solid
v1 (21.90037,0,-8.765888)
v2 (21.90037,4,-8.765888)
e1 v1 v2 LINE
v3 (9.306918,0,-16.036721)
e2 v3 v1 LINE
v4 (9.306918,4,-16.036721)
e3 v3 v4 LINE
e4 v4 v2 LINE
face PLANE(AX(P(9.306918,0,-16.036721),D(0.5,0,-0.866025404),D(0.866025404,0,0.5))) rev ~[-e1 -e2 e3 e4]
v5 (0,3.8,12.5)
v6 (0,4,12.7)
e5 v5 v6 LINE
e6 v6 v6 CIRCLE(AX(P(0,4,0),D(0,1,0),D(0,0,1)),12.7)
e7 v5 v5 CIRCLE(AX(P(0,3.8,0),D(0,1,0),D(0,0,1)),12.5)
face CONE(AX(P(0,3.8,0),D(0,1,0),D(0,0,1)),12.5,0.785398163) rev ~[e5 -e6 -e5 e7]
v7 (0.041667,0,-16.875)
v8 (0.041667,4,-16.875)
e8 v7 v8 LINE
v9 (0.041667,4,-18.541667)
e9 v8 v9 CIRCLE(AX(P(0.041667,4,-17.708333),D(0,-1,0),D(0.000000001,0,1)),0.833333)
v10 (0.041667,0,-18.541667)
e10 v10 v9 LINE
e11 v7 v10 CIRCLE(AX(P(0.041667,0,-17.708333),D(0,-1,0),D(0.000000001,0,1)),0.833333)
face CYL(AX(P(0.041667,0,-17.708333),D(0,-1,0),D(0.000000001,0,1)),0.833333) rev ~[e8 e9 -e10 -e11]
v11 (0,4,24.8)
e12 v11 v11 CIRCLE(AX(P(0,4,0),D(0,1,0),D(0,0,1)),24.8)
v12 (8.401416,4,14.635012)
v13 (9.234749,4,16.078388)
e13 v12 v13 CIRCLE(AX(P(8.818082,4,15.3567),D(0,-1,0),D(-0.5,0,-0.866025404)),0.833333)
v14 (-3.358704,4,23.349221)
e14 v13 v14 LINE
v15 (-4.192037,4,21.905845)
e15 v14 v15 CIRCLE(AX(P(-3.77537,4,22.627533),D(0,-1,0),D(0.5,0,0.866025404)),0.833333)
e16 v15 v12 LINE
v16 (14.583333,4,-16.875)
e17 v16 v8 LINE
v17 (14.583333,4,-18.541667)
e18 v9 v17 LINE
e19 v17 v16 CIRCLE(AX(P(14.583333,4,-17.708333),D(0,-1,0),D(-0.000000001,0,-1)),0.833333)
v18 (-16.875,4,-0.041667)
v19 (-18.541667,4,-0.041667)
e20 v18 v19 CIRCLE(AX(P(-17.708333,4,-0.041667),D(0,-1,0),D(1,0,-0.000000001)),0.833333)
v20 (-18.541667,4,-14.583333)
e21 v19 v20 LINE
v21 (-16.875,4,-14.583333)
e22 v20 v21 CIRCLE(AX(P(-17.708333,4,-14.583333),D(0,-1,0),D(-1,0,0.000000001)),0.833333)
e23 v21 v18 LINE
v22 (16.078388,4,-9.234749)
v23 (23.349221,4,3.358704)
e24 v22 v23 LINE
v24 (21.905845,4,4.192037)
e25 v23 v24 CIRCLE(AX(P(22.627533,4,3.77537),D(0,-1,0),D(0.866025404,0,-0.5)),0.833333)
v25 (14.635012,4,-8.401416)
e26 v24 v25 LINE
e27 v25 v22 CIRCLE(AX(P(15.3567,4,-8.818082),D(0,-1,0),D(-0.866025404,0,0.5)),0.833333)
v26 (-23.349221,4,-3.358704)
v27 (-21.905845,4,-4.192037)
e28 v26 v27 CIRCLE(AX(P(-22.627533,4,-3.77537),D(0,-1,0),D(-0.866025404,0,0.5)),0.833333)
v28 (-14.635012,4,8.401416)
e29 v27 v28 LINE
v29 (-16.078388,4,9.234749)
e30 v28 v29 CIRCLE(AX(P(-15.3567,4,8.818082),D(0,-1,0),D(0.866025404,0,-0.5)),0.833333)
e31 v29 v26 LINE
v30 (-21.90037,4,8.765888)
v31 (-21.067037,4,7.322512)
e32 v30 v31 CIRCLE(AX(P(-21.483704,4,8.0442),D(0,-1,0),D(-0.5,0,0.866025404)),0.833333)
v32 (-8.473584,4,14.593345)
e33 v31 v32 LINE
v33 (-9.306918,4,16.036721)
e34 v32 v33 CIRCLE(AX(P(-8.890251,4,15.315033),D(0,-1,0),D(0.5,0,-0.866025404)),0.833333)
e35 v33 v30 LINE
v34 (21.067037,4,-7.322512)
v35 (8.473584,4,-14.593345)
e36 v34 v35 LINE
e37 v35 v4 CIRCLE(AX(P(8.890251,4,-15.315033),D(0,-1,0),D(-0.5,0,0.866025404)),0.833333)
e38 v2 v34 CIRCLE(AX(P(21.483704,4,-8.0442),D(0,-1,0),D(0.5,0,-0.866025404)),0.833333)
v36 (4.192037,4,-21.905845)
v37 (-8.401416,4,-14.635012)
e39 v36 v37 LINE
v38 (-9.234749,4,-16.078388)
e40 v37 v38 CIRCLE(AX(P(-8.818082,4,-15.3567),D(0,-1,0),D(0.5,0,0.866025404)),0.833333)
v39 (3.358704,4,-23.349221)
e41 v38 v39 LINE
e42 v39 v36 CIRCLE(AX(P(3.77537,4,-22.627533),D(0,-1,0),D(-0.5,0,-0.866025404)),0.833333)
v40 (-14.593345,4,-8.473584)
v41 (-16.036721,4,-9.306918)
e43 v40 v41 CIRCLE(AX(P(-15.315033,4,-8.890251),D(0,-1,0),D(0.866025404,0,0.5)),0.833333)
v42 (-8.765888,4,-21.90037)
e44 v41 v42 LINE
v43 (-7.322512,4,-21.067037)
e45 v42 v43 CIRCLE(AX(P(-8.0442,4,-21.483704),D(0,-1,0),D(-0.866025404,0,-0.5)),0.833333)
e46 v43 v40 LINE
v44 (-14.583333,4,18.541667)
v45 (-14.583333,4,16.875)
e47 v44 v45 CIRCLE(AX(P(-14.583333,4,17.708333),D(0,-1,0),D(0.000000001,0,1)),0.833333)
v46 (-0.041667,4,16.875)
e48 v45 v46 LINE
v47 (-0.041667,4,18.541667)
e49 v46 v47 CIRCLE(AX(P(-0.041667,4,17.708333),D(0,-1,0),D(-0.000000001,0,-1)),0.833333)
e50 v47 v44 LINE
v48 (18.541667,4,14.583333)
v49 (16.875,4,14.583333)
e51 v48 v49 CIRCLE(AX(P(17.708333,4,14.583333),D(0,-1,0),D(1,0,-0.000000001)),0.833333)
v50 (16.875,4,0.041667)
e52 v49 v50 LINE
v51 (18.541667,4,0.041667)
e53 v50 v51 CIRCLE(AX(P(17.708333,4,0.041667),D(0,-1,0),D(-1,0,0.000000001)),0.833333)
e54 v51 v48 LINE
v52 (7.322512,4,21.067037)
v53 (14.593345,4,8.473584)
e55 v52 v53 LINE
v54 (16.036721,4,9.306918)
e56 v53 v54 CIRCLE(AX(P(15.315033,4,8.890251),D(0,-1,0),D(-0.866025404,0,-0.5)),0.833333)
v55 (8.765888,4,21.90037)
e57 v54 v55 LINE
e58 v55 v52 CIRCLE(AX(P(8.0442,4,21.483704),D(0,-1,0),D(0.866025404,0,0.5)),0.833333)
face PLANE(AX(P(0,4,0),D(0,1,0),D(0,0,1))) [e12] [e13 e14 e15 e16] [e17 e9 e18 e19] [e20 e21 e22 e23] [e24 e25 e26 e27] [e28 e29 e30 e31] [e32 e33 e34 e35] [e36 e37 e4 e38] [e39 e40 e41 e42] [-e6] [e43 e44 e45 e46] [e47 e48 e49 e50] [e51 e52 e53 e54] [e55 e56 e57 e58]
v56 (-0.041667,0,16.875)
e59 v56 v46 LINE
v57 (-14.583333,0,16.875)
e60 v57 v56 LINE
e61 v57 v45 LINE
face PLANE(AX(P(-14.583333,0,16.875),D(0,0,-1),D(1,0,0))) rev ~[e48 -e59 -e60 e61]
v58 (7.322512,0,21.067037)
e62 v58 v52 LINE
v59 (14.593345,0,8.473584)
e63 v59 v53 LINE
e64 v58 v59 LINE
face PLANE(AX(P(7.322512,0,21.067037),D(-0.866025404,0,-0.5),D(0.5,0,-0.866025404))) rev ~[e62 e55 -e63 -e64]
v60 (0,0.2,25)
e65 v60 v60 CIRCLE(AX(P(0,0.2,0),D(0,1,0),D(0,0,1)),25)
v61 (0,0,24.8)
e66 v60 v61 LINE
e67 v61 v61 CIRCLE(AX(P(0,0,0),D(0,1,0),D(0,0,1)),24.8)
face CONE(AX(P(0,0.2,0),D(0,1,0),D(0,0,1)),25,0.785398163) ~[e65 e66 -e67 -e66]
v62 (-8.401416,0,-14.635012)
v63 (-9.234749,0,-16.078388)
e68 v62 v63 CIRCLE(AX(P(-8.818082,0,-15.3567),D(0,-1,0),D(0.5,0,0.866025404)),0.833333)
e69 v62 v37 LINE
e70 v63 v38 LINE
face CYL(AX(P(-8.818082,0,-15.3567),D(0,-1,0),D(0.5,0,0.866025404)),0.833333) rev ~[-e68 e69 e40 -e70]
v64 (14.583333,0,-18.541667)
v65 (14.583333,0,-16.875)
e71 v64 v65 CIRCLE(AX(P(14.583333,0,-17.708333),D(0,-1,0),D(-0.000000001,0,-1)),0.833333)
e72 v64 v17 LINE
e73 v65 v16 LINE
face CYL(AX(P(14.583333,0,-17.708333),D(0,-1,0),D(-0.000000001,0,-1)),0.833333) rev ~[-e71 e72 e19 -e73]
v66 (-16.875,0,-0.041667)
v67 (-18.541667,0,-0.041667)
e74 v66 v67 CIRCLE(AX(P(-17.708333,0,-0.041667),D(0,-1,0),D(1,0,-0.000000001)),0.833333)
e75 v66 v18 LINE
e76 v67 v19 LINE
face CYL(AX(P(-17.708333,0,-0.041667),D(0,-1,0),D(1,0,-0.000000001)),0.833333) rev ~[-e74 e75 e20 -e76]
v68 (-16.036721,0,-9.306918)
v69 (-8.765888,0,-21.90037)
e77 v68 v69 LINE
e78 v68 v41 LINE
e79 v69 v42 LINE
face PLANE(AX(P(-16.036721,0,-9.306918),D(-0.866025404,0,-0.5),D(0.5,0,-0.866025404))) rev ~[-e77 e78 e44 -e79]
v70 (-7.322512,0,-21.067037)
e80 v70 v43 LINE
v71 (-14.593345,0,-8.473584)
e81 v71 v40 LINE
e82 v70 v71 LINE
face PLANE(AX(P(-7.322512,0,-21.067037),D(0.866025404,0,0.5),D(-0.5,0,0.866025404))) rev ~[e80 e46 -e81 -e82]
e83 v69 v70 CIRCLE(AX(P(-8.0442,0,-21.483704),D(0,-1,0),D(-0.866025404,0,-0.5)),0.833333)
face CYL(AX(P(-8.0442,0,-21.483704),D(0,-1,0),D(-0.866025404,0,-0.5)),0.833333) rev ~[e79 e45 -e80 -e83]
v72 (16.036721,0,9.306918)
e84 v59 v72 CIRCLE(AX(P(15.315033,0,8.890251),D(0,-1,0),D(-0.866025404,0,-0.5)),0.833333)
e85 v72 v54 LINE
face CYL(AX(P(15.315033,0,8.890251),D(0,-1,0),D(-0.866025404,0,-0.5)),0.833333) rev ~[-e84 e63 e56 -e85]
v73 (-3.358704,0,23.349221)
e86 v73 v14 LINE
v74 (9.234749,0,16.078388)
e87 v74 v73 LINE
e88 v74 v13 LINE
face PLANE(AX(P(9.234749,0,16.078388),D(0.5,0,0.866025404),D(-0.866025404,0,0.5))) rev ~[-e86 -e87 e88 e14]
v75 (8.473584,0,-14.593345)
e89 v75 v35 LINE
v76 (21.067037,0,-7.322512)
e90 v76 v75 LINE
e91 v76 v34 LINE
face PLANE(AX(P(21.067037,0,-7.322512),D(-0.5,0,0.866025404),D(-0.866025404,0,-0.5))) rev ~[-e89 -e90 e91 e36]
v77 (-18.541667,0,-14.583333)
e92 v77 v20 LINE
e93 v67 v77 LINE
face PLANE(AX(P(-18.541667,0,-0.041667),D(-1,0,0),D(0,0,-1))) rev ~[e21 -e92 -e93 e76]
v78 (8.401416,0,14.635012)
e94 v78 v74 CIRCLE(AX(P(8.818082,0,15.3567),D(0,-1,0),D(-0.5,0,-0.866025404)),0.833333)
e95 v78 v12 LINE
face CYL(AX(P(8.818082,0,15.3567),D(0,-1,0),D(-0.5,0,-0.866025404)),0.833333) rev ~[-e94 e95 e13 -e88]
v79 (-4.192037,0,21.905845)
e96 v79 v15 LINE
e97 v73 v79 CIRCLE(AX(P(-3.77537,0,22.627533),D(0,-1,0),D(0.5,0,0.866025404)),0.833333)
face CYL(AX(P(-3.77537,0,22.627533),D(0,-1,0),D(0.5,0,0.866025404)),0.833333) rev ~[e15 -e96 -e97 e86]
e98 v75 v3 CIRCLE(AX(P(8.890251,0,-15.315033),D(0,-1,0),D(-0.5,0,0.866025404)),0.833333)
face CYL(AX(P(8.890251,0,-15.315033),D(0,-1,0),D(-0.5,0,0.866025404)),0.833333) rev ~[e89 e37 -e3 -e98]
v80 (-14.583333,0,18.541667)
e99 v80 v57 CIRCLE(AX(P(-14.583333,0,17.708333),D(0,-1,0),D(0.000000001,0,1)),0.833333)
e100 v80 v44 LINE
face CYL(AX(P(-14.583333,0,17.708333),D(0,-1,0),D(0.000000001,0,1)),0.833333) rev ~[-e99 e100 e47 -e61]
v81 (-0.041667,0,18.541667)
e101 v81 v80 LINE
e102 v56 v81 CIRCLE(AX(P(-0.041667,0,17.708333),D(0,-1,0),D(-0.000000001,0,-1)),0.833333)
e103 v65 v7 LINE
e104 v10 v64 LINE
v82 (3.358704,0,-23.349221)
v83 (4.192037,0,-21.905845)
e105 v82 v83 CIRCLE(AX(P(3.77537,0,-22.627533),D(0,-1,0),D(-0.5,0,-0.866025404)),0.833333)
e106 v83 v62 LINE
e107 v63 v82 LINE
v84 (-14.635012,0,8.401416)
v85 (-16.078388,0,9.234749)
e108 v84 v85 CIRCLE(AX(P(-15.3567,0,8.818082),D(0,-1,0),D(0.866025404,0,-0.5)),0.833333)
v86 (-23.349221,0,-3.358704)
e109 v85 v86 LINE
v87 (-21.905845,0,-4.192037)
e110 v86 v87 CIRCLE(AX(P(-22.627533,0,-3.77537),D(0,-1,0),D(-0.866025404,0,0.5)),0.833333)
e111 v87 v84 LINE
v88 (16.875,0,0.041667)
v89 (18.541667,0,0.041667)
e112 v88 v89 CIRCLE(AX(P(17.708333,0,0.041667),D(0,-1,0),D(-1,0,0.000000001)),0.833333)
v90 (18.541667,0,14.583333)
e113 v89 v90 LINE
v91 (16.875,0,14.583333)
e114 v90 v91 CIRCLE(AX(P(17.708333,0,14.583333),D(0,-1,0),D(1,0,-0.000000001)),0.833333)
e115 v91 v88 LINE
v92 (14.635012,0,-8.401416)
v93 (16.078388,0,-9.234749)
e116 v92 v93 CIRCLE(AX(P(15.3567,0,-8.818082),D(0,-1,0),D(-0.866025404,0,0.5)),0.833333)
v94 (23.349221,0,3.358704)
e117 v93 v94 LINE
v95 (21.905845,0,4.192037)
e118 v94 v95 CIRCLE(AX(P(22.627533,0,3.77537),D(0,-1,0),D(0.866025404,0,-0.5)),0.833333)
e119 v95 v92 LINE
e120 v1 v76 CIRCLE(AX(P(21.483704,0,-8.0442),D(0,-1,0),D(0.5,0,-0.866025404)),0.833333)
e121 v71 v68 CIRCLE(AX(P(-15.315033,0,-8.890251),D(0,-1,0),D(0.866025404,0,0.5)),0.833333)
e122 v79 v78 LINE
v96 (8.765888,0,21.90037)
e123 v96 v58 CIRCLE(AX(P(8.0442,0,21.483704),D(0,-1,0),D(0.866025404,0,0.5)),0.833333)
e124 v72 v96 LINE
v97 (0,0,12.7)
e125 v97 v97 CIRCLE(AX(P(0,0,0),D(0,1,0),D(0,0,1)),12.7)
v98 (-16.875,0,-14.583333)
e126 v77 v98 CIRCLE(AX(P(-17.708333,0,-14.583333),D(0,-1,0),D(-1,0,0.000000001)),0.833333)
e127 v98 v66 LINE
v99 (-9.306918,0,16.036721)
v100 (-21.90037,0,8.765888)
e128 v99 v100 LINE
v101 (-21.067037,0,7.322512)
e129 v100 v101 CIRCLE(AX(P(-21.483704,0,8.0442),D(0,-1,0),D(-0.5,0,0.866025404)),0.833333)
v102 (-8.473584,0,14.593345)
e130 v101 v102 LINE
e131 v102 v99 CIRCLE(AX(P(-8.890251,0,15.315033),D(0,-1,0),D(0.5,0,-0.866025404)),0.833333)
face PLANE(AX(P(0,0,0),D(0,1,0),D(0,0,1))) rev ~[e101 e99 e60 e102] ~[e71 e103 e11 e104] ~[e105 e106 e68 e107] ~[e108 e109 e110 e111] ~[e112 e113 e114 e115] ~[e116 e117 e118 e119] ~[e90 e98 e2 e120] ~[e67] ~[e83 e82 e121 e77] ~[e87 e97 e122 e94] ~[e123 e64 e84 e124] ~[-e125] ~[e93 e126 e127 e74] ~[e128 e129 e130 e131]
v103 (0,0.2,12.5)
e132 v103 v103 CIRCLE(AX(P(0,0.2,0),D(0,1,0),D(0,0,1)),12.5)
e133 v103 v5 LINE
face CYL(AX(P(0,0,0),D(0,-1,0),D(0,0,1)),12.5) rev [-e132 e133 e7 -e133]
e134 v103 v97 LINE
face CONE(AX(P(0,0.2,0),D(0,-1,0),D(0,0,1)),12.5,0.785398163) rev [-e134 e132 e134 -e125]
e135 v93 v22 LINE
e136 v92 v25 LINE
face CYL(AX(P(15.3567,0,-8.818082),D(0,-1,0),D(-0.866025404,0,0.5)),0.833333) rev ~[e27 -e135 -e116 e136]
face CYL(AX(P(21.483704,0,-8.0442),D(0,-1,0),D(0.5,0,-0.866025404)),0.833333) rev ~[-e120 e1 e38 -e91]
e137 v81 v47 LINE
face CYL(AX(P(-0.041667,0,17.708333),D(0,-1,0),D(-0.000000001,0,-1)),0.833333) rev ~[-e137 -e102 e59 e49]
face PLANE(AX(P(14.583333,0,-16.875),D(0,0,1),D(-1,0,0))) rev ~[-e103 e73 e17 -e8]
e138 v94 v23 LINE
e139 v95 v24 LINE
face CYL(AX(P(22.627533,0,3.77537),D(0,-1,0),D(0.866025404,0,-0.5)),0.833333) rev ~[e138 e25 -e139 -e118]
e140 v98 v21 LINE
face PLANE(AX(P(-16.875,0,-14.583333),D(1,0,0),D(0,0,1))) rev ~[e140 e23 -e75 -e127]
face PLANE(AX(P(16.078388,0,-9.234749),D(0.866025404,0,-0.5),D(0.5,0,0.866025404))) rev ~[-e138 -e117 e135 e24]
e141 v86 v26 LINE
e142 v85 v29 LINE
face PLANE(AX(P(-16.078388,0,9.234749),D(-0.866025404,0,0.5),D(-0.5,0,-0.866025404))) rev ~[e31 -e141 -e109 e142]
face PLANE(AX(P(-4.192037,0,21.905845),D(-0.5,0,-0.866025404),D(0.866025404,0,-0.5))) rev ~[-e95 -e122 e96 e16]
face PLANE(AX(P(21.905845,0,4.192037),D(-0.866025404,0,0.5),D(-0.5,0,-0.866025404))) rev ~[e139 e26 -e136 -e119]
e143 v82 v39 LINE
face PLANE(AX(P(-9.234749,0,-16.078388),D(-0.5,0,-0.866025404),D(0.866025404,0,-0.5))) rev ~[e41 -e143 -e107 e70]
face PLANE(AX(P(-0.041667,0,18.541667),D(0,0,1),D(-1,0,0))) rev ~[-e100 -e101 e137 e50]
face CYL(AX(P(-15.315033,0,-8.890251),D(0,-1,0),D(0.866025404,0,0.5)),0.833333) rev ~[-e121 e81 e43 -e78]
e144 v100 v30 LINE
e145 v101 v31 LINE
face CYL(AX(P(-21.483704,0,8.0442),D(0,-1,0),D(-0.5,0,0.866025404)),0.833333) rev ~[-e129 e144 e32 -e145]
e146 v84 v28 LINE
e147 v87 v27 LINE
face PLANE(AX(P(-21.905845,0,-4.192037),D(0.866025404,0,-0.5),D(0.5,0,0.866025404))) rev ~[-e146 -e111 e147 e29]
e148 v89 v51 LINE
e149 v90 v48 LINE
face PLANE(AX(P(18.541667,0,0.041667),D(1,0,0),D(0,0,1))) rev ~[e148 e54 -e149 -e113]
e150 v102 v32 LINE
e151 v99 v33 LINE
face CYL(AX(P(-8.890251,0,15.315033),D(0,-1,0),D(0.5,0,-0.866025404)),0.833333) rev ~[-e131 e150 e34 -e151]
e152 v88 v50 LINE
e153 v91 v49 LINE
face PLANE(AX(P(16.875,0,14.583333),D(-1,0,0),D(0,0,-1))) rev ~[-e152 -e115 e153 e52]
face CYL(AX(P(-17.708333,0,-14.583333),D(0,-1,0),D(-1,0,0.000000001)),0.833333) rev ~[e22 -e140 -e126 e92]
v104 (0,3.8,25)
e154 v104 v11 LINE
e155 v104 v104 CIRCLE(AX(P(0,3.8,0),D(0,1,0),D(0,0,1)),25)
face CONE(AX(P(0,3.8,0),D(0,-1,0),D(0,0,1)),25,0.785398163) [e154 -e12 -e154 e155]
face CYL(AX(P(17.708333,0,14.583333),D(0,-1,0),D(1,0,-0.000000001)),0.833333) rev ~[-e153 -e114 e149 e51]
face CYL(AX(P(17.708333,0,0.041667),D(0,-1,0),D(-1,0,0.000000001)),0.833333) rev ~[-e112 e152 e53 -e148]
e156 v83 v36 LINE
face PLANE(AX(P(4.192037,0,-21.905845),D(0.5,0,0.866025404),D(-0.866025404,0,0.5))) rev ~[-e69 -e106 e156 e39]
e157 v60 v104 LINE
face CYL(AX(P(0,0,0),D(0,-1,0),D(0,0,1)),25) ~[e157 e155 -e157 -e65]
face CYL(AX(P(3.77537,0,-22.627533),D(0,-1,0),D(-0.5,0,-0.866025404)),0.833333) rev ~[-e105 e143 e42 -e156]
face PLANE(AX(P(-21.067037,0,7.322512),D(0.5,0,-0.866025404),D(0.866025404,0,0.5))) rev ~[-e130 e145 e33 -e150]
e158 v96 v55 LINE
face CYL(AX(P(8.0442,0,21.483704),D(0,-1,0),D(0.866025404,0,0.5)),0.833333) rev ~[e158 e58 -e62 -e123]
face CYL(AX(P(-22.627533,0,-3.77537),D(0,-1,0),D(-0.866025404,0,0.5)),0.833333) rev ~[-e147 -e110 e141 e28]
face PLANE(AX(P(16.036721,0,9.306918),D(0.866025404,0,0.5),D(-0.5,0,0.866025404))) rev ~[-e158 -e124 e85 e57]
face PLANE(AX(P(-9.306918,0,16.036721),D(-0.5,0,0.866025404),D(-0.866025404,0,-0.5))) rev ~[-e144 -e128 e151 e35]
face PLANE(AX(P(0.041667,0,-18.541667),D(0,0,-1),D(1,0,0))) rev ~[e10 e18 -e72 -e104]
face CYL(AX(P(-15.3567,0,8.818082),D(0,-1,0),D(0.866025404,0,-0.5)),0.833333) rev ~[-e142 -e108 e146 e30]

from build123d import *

# Parameters (mm, degrees)
SKETCH1_R           = 25
SKETCH1_R_2         = 12.5
BOSS_EXTRUDE1_DEPTH = 4
CHAMFER1_SIZE       = 0.2


with BuildPart() as part:
    # Sketch1 → Boss-Extrude1 (new body)
    with BuildSketch(Plane(origin=(0, 0, 0), x_dir=(1, 0, 0), z_dir=(0, 1, 0))):
        with Locations(Location((0, 0, 0), (0, 0, 270))):
            Circle(SKETCH1_R)
        with Locations(Location((0, 0, 0), (0, 0, 270))):
            Circle(SKETCH1_R_2, mode=Mode.SUBTRACT)
        with BuildLine():
            Line((16.875, -14.583333333), (16.875, -0.041666667))
            ThreePointArc((16.875, -0.041666667), (17.708333333, 0.791666667), (18.541666667, -0.041666667))
            Line((18.541666667, -0.041666667), (18.541666667, -14.583333333))
            ThreePointArc((18.541666667, -14.583333333), (17.708333333, -15.416666667), (16.875, -14.583333333))
        make_face(mode=Mode.SUBTRACT)
        with BuildLine():
            Line((16.078387695, 9.234748942), (23.349221029, -3.358703805))
            ThreePointArc((23.349221029, -3.358703805), (23.044199859, -4.497058308), (21.905845356, -4.192037139))
            Line((21.905845356, -4.192037139), (14.635012022, 8.401415608))
            ThreePointArc((14.635012022, 8.401415608), (14.940033192, 9.539770111), (16.078387695, 9.234748942))
        make_face(mode=Mode.SUBTRACT)
        with BuildLine():
            Line((7.322512022, -21.067037139), (14.593345356, -8.473584392))
            ThreePointArc((14.593345356, -8.473584392), (15.731699859, -8.168563222), (16.036721029, -9.306917725))
            Line((16.036721029, -9.306917725), (8.765887695, -21.900370472))
            ThreePointArc((8.765887695, -21.900370472), (7.627533192, -22.205391642), (7.322512022, -21.067037139))
        make_face(mode=Mode.SUBTRACT)
        with BuildLine():
            Line((-4.192037139, -21.905845356), (8.401415608, -14.635012022))
            ThreePointArc((8.401415608, -14.635012022), (9.539770111, -14.940033192), (9.234748942, -16.078387695))
            Line((9.234748942, -16.078387695), (-3.358703805, -23.349221029))
            ThreePointArc((-3.358703805, -23.349221029), (-4.497058308, -23.044199859), (-4.192037139, -21.905845356))
        make_face(mode=Mode.SUBTRACT)
        with BuildLine():
            Line((-14.583333333, -16.875), (-0.041666667, -16.875))
            ThreePointArc((-0.041666667, -16.875), (0.791666667, -17.708333333), (-0.041666667, -18.541666667))
            Line((-0.041666667, -18.541666667), (-14.583333333, -18.541666667))
            ThreePointArc((-14.583333333, -18.541666667), (-15.416666667, -17.708333333), (-14.583333333, -16.875))
        make_face(mode=Mode.SUBTRACT)
        with BuildLine():
            Line((-21.067037139, -7.322512022), (-8.473584392, -14.593345356))
            ThreePointArc((-8.473584392, -14.593345356), (-8.168563222, -15.731699859), (-9.306917725, -16.036721029))
            Line((-9.306917725, -16.036721029), (-21.900370472, -8.765887695))
            ThreePointArc((-21.900370472, -8.765887695), (-22.205391642, -7.627533192), (-21.067037139, -7.322512022))
        make_face(mode=Mode.SUBTRACT)
        with BuildLine():
            Line((-21.905845356, 4.192037139), (-14.635012022, -8.401415608))
            ThreePointArc((-14.635012022, -8.401415608), (-14.940033192, -9.539770111), (-16.078387695, -9.234748942))
            Line((-16.078387695, -9.234748942), (-23.349221029, 3.358703805))
            ThreePointArc((-23.349221029, 3.358703805), (-23.044199859, 4.497058308), (-21.905845356, 4.192037139))
        make_face(mode=Mode.SUBTRACT)
        with BuildLine():
            Line((-16.875, 14.583333333), (-16.875, 0.041666667))
            ThreePointArc((-16.875, 0.041666667), (-17.708333333, -0.791666667), (-18.541666667, 0.041666667))
            Line((-18.541666667, 0.041666667), (-18.541666667, 14.583333333))
            ThreePointArc((-18.541666667, 14.583333333), (-17.708333333, 15.416666667), (-16.875, 14.583333333))
        make_face(mode=Mode.SUBTRACT)
        with BuildLine():
            Line((-7.322512022, 21.067037139), (-14.593345356, 8.473584392))
            ThreePointArc((-14.593345356, 8.473584392), (-15.731699859, 8.168563222), (-16.036721029, 9.306917725))
            Line((-16.036721029, 9.306917725), (-8.765887695, 21.900370472))
            ThreePointArc((-8.765887695, 21.900370472), (-7.627533192, 22.205391642), (-7.322512022, 21.067037139))
        make_face(mode=Mode.SUBTRACT)
        with BuildLine():
            Line((4.192037139, 21.905845356), (-8.401415608, 14.635012022))
            ThreePointArc((-8.401415608, 14.635012022), (-9.539770111, 14.940033192), (-9.234748942, 16.078387695))
            Line((-9.234748942, 16.078387695), (3.358703805, 23.349221029))
            ThreePointArc((3.358703805, 23.349221029), (4.497058308, 23.044199859), (4.192037139, 21.905845356))
        make_face(mode=Mode.SUBTRACT)
        with BuildLine():
            Line((14.583333333, 16.875), (0.041666667, 16.875))
            ThreePointArc((0.041666667, 16.875), (-0.791666667, 17.708333333), (0.041666667, 18.541666667))
            Line((0.041666667, 18.541666667), (14.583333333, 18.541666667))
            ThreePointArc((14.583333333, 18.541666667), (15.416666667, 17.708333333), (14.583333333, 16.875))
        make_face(mode=Mode.SUBTRACT)
        with BuildLine():
            Line((21.067037139, 7.322512022), (8.473584392, 14.593345356))
            ThreePointArc((8.473584392, 14.593345356), (8.168563222, 15.731699859), (9.306917725, 16.036721029))
            Line((9.306917725, 16.036721029), (21.900370472, 8.765887695))
            ThreePointArc((21.900370472, 8.765887695), (22.205391642, 7.627533192), (21.067037139, 7.322512022))
        make_face(mode=Mode.SUBTRACT)
    extrude(amount=BOSS_EXTRUDE1_DEPTH)

    # Chamfer1
    chamfer1_edges = [part.edges().sort_by_distance(p)[0] for p in [
        (0, 0, -12.5),
        (0, 4, -12.5),
        (0, 0, -25),
        (0, 4, -25),
    ]]
    chamfer(chamfer1_edges, length=CHAMFER1_SIZE)


solid = part.part
